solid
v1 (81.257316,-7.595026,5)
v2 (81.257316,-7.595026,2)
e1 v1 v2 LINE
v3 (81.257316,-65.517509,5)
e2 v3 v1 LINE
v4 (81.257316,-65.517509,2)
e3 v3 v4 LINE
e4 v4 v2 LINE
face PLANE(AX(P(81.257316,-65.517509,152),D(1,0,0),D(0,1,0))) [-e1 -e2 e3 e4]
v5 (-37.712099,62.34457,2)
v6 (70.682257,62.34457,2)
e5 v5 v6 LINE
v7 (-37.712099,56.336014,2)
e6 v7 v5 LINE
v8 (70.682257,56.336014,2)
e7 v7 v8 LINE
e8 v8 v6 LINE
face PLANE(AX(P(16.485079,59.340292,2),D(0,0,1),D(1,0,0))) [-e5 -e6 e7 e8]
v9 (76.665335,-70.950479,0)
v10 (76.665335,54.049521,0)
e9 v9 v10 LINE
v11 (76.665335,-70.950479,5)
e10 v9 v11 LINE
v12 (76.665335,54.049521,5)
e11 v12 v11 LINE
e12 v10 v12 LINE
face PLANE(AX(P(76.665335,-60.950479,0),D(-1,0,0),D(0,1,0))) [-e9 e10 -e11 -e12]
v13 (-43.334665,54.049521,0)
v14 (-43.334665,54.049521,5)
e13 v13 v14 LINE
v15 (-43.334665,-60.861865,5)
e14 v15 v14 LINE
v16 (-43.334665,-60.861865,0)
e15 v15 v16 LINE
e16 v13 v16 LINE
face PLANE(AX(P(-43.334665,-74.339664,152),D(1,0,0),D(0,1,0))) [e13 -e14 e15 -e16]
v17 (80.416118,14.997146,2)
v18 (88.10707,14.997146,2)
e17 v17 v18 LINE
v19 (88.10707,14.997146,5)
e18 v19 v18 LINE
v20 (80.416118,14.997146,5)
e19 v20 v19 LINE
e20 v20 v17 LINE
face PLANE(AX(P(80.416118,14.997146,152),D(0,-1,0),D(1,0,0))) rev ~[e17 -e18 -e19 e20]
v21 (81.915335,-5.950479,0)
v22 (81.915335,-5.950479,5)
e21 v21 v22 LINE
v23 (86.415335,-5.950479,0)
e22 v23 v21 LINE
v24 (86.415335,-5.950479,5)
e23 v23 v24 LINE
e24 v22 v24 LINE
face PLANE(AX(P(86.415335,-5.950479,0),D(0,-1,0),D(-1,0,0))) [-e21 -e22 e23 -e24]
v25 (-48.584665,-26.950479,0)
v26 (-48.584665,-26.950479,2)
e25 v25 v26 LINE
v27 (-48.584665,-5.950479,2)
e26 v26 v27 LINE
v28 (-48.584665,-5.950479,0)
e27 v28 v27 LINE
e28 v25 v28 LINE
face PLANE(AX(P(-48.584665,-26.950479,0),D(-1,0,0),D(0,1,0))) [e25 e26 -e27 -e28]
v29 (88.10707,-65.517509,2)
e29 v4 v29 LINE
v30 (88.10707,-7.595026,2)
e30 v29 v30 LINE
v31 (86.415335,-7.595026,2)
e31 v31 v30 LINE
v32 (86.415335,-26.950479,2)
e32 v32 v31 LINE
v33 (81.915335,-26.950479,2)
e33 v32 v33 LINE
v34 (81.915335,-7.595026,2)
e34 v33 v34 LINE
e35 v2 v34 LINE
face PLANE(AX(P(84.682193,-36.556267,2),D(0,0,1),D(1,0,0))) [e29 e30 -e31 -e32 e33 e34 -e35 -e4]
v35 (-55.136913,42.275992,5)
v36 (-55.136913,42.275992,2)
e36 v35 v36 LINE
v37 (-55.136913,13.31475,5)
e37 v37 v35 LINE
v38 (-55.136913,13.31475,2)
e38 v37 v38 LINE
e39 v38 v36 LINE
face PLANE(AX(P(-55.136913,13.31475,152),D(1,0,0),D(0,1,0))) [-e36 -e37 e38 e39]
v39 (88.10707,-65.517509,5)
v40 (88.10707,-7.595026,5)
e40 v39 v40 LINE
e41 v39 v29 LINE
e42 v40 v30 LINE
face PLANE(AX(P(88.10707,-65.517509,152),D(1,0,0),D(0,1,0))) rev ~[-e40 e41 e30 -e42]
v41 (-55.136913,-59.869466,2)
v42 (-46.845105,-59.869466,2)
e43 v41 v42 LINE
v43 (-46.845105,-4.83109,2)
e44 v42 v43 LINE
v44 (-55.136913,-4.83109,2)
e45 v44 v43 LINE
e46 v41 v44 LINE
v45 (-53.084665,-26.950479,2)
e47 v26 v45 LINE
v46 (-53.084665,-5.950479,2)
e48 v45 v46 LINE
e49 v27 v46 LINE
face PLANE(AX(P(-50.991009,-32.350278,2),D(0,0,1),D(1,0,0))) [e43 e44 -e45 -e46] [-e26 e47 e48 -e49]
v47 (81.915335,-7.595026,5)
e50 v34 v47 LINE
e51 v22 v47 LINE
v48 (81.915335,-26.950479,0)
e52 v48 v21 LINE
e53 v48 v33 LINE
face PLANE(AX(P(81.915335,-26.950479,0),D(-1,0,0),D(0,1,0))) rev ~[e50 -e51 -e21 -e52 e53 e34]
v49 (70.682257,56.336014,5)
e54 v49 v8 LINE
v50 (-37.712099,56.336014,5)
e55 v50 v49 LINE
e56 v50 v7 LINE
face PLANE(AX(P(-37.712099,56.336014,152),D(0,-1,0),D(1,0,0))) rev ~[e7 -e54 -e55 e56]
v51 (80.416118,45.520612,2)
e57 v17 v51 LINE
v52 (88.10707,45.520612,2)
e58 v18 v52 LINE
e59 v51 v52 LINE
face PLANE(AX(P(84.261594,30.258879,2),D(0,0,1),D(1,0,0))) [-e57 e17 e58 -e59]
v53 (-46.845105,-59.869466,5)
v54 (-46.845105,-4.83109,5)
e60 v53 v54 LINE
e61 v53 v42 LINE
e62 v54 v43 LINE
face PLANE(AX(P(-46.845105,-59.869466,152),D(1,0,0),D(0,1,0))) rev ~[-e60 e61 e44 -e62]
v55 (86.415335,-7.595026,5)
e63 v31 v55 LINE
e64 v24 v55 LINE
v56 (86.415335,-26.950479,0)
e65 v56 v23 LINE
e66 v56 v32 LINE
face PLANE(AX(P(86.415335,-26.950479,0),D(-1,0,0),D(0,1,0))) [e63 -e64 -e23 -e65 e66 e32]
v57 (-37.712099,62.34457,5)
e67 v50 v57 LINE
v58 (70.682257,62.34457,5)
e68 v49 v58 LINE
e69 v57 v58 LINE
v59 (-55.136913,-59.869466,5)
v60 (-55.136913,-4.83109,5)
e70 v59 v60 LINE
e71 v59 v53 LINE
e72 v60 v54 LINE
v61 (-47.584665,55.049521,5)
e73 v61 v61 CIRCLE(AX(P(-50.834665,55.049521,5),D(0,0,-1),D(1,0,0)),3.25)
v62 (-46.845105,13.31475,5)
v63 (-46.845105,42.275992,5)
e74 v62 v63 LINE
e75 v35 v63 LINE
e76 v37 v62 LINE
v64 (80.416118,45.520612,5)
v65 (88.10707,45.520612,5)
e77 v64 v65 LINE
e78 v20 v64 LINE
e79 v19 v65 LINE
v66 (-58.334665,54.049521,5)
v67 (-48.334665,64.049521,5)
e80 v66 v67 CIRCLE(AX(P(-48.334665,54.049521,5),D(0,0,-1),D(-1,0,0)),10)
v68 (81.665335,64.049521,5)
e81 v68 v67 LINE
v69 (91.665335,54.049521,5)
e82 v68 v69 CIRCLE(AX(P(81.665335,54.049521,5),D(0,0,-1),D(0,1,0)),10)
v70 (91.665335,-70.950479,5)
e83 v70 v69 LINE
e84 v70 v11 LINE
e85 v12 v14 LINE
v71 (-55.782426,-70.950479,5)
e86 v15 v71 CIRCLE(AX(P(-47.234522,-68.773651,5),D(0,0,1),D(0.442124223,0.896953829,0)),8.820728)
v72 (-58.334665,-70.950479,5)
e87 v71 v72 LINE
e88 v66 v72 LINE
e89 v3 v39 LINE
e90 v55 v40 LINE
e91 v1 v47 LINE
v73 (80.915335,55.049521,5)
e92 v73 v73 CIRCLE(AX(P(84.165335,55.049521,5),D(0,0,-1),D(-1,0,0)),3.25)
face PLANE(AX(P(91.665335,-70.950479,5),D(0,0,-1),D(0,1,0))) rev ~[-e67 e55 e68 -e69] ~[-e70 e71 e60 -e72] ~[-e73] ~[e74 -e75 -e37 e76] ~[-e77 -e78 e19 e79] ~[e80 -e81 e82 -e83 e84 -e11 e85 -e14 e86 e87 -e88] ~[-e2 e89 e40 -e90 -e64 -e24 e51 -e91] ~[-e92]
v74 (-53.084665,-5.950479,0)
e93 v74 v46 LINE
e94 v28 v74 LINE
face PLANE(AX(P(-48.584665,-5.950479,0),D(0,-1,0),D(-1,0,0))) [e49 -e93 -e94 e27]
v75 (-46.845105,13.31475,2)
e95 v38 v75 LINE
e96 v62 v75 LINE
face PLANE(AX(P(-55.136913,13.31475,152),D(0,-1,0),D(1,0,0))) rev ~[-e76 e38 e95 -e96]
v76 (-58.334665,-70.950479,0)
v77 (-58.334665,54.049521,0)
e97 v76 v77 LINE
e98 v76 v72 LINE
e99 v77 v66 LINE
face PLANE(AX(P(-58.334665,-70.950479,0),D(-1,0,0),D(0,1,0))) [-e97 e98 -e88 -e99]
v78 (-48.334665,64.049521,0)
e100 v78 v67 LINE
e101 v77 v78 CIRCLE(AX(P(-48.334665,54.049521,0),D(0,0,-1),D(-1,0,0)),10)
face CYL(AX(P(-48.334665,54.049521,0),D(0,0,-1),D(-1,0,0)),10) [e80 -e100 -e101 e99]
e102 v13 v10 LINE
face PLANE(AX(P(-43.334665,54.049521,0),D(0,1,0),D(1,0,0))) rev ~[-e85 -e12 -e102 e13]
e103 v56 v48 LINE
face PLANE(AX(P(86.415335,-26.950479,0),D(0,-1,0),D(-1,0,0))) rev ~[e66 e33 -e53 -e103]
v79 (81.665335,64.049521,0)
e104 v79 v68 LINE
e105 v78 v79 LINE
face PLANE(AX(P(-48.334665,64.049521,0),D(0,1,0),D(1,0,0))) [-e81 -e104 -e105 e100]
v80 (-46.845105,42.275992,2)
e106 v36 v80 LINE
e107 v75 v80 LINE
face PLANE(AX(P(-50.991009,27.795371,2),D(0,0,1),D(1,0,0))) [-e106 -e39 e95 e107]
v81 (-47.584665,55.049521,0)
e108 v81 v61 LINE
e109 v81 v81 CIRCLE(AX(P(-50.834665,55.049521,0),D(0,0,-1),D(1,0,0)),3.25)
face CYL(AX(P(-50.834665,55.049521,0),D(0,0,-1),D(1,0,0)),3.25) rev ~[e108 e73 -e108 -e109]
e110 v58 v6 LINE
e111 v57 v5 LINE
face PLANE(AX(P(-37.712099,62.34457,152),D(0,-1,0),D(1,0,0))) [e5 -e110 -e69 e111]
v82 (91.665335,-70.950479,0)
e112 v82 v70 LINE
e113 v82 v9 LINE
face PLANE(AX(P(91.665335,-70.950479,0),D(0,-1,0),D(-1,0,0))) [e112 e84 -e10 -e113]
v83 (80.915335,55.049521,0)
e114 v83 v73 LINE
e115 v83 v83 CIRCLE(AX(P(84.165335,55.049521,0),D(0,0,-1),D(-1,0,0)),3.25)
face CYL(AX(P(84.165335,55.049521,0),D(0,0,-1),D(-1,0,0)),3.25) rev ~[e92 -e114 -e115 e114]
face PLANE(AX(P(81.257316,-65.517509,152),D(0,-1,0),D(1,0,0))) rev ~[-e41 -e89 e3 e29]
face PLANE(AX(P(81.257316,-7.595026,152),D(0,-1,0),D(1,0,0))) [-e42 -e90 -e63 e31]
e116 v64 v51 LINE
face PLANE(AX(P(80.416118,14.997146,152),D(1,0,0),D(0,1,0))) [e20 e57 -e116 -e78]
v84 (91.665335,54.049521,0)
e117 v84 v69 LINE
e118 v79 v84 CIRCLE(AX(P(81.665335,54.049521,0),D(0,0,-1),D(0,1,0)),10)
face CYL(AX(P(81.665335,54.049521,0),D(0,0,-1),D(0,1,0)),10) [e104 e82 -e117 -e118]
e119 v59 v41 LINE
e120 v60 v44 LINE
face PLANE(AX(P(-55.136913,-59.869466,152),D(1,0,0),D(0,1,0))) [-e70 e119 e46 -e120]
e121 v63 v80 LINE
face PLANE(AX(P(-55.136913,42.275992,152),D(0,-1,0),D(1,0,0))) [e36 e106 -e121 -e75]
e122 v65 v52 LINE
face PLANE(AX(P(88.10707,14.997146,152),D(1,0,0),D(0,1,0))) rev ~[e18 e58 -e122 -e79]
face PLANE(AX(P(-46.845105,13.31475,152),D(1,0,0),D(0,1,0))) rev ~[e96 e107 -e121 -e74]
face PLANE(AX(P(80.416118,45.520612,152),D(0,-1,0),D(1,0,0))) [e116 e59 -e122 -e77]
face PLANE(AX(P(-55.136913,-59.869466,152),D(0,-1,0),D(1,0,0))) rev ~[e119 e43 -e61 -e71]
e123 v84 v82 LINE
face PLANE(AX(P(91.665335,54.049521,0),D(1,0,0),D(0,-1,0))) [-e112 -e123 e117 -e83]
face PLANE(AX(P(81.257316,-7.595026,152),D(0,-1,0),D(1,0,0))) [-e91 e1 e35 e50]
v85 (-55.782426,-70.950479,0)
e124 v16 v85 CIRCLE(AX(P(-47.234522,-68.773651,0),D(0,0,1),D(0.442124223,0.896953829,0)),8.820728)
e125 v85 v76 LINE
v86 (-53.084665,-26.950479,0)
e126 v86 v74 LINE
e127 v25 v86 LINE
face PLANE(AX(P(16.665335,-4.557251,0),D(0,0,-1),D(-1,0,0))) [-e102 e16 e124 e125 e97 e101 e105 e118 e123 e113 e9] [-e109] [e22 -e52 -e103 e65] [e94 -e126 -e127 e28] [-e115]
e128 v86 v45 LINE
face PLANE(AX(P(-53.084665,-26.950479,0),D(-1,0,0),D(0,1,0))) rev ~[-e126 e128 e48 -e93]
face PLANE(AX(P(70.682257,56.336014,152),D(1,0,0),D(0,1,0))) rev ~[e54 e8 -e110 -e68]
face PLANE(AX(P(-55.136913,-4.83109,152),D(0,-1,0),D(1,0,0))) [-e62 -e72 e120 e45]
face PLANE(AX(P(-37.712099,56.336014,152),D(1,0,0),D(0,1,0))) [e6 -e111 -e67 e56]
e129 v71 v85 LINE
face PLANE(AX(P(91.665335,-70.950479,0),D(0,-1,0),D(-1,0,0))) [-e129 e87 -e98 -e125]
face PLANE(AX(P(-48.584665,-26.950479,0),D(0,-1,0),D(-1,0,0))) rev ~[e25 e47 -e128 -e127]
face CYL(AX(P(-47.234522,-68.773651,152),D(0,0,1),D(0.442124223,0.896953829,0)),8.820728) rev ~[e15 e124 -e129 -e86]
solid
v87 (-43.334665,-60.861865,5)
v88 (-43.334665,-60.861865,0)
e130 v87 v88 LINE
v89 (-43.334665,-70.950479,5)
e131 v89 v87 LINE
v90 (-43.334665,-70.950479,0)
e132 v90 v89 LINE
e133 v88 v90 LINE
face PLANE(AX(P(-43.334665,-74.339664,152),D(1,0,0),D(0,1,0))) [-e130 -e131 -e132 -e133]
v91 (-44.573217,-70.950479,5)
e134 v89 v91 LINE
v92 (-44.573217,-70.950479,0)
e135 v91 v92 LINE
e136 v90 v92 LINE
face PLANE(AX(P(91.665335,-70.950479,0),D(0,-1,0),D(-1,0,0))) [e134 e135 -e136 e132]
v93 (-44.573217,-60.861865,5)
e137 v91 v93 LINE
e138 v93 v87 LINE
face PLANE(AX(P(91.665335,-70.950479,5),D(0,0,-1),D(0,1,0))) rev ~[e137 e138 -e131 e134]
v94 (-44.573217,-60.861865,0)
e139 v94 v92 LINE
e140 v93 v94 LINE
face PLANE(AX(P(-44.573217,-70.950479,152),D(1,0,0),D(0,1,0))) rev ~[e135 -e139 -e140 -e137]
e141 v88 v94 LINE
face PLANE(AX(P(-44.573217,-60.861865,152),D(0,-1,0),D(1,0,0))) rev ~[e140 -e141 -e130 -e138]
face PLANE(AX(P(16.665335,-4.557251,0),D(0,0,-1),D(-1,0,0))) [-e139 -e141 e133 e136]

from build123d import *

# Parameters (mm, degrees)
SKETCH2_W           = 120
SKETCH2_H           = 115
BOSS_EXTRUDE1_DEPTH = 152
SKETCH3_W           = 120
SKETCH3_H           = 13.389184999
CUT_EXTRUDE1_DEPTH  = 192.155706765
SKETCH5_R           = 3.25
CUT_EXTRUDE2_DEPTH  = 30
SKETCH6_W           = 4.5
SKETCH6_H           = 21
CUT_EXTRUDE4_DEPTH  = 16
CUT_EXTRUDE5_START  = -15
SKETCH7_R           = 3.25
CUT_EXTRUDE5_DEPTH  = 15
SKETCH8_W           = 8.291807731
SKETCH8_H           = 28.961241497
SKETCH8_H_2         = 55.038375958
SKETCH8_W_2         = 108.394356143
SKETCH8_H_3         = 6.008556327
SKETCH8_W_3         = 7.690952099
SKETCH8_H_4         = 30.523466142
SKETCH8_W_4         = 6.849754213
SKETCH8_H_5         = 57.922482994
CUT_EXTRUDE6_DEPTH  = 150
CUT_EXTRUDE7_DEPTH  = 192.155706765
SKETCH10_W          = 147
SKETCH10_H          = 135
CUT_EXTRUDE8_DEPTH  = 226.028821495


with BuildPart() as part:
    # Sketch2 → Boss-Extrude1 (new body)
    with BuildSketch(Plane.XY):
        with BuildLine():
            Line((-48.334664537, 64.049520767), (81.665335463, 64.049520767))
            ThreePointArc((81.665335463, 64.049520767), (88.736403275, 61.120588579), (91.665335463, 54.049520767))
            Line((91.665335463, 54.049520767), (91.665335463, -70.950479233))
            Line((91.665335463, -70.950479233), (-58.334664537, -70.950479233))
            Line((-58.334664537, -70.950479233), (-58.334664537, 54.049520767))
            ThreePointArc((-58.334664537, 54.049520767), (-55.405732349, 61.120588579), (-48.334664537, 64.049520767))
        make_face()
        with Locations((16.665335463, -3.450479233)):
            Rectangle(SKETCH2_W, SKETCH2_H, mode=Mode.SUBTRACT)
    extrude(amount=BOSS_EXTRUDE1_DEPTH)

    # Sketch3 → Cut-Extrude1 (cut, through all)
    with BuildSketch(Plane.XY.offset(152)):
        with Locations((16.665335463, -67.645071732)):
            Rectangle(SKETCH3_W, SKETCH3_H)
    extrude(amount=-CUT_EXTRUDE1_DEPTH, mode=Mode.SUBTRACT)

    # Sketch5 → Cut-Extrude2 (cut)
    with BuildSketch(Plane(origin=(0, 0, 0), x_dir=(-1, 0, 0), z_dir=(0, 0, -1))):
        with Locations((-84.165335463, 55.049520767)):
            Circle(SKETCH5_R)
        with Locations((50.834664537, 55.049520767)):
            Circle(SKETCH5_R)
    extrude(amount=-CUT_EXTRUDE2_DEPTH, mode=Mode.SUBTRACT)

    # Sketch6 → Cut-Extrude4 (cut)
    with BuildSketch(Plane(origin=(0, 0, 0), x_dir=(-1, 0, 0), z_dir=(0, 0, -1))):
        with Locations((50.834664537, -16.450479233)):
            Rectangle(SKETCH6_W, SKETCH6_H)
        with Locations((-84.165335463, -16.450479233)):
            Rectangle(SKETCH6_W, SKETCH6_H)
    extrude(amount=-CUT_EXTRUDE4_DEPTH, mode=Mode.SUBTRACT)

    # Sketch7 → Cut-Extrude5 (cut)
    with BuildSketch(Plane.XY.offset(152).offset(CUT_EXTRUDE5_START)):
        with Locations((-50.834664537, 55.049520767)):
            Circle(SKETCH7_R)
        with Locations((-50.834664537, 4.049520767)):
            Circle(SKETCH7_R)
        with Locations((84.165335463, 4.049520767)):
            Circle(SKETCH7_R)
        with Locations((84.165335463, 55.049520767)):
            Circle(SKETCH7_R)
    extrude(amount=CUT_EXTRUDE5_DEPTH, mode=Mode.SUBTRACT)

    # Sketch8 → Cut-Extrude6 (cut)
    with BuildSketch(Plane.XY.offset(152)):
        with Locations((-50.991008781, 27.795371112)):
            Rectangle(SKETCH8_W, SKETCH8_H)
        with Locations((-50.991008781, -32.350277723)):
            Rectangle(SKETCH8_W, SKETCH8_H_2)
        with Locations((16.485078773, 59.340291831)):
            Rectangle(SKETCH8_W_2, SKETCH8_H_3)
        with Locations((84.261594145, 30.258879207)):
            Rectangle(SKETCH8_W_3, SKETCH8_H_4)
        with Locations((84.682193087, -36.556267152)):
            Rectangle(SKETCH8_W_4, SKETCH8_H_5)
    extrude(amount=-CUT_EXTRUDE6_DEPTH, mode=Mode.SUBTRACT)

    # Sketch9 → Cut-Extrude7 (cut, through all)
    with BuildSketch(Plane.XY.offset(152)):
        with BuildLine():
            Line((-55.78242584, -70.950479233), (-44.573216516, -70.950479233))
            Line((-44.573216516, -70.950479233), (-44.573216516, -60.861864812))
            Line((-44.573216516, -60.861864812), (-43.334664537, -60.861864812))
            ThreePointArc((-43.334664537, -60.861864812), (-52.78845028, -61.92097783), (-55.78242584, -70.950479233))
        make_face()
    extrude(amount=-CUT_EXTRUDE7_DEPTH, mode=Mode.SUBTRACT)


with BuildPart() as cut_extrude7_piece_1:
    # of the separate pieces the step leaves, piece 1, a body of its own (cut_extrude7_pieces)
    add(part.part.solids().sort_by_distance((-48.334664537, 64.049520767, 0))[0])


with BuildPart() as cut_extrude7_piece_2:
    # of the separate pieces the step leaves, piece 2, a body of its own (cut_extrude7_pieces)
    add(part.part.solids().sort_by_distance((-43.334664537, -70.950479233, 0))[0])


with BuildPart() as cut_extrude8_tool:
    # Sketch10 → Cut-Extrude8 (new, through all)
    with BuildSketch(Plane(origin=(91.665335463, 0, 0), x_dir=(0, 0, -1), z_dir=(1, 0, 0))):
        with Locations((-78.5, -3.450479233)):
            Rectangle(SKETCH10_W, SKETCH10_H)
    extrude(amount=-CUT_EXTRUDE8_DEPTH)


with BuildPart() as cut_extrude7_piece_1_1:
    add(cut_extrude7_piece_1.part)

    # Cut-Extrude8: cut by cut_extrude8_tool
    add(cut_extrude8_tool.part, mode=Mode.SUBTRACT)


with BuildPart() as cut_extrude7_piece_2_1:
    add(cut_extrude7_piece_2.part)

    # Cut-Extrude8: cut by cut_extrude8_tool
    add(cut_extrude8_tool.part, mode=Mode.SUBTRACT)


solid = Compound([cut_extrude7_piece_1_1.part, cut_extrude7_piece_2_1.part])
